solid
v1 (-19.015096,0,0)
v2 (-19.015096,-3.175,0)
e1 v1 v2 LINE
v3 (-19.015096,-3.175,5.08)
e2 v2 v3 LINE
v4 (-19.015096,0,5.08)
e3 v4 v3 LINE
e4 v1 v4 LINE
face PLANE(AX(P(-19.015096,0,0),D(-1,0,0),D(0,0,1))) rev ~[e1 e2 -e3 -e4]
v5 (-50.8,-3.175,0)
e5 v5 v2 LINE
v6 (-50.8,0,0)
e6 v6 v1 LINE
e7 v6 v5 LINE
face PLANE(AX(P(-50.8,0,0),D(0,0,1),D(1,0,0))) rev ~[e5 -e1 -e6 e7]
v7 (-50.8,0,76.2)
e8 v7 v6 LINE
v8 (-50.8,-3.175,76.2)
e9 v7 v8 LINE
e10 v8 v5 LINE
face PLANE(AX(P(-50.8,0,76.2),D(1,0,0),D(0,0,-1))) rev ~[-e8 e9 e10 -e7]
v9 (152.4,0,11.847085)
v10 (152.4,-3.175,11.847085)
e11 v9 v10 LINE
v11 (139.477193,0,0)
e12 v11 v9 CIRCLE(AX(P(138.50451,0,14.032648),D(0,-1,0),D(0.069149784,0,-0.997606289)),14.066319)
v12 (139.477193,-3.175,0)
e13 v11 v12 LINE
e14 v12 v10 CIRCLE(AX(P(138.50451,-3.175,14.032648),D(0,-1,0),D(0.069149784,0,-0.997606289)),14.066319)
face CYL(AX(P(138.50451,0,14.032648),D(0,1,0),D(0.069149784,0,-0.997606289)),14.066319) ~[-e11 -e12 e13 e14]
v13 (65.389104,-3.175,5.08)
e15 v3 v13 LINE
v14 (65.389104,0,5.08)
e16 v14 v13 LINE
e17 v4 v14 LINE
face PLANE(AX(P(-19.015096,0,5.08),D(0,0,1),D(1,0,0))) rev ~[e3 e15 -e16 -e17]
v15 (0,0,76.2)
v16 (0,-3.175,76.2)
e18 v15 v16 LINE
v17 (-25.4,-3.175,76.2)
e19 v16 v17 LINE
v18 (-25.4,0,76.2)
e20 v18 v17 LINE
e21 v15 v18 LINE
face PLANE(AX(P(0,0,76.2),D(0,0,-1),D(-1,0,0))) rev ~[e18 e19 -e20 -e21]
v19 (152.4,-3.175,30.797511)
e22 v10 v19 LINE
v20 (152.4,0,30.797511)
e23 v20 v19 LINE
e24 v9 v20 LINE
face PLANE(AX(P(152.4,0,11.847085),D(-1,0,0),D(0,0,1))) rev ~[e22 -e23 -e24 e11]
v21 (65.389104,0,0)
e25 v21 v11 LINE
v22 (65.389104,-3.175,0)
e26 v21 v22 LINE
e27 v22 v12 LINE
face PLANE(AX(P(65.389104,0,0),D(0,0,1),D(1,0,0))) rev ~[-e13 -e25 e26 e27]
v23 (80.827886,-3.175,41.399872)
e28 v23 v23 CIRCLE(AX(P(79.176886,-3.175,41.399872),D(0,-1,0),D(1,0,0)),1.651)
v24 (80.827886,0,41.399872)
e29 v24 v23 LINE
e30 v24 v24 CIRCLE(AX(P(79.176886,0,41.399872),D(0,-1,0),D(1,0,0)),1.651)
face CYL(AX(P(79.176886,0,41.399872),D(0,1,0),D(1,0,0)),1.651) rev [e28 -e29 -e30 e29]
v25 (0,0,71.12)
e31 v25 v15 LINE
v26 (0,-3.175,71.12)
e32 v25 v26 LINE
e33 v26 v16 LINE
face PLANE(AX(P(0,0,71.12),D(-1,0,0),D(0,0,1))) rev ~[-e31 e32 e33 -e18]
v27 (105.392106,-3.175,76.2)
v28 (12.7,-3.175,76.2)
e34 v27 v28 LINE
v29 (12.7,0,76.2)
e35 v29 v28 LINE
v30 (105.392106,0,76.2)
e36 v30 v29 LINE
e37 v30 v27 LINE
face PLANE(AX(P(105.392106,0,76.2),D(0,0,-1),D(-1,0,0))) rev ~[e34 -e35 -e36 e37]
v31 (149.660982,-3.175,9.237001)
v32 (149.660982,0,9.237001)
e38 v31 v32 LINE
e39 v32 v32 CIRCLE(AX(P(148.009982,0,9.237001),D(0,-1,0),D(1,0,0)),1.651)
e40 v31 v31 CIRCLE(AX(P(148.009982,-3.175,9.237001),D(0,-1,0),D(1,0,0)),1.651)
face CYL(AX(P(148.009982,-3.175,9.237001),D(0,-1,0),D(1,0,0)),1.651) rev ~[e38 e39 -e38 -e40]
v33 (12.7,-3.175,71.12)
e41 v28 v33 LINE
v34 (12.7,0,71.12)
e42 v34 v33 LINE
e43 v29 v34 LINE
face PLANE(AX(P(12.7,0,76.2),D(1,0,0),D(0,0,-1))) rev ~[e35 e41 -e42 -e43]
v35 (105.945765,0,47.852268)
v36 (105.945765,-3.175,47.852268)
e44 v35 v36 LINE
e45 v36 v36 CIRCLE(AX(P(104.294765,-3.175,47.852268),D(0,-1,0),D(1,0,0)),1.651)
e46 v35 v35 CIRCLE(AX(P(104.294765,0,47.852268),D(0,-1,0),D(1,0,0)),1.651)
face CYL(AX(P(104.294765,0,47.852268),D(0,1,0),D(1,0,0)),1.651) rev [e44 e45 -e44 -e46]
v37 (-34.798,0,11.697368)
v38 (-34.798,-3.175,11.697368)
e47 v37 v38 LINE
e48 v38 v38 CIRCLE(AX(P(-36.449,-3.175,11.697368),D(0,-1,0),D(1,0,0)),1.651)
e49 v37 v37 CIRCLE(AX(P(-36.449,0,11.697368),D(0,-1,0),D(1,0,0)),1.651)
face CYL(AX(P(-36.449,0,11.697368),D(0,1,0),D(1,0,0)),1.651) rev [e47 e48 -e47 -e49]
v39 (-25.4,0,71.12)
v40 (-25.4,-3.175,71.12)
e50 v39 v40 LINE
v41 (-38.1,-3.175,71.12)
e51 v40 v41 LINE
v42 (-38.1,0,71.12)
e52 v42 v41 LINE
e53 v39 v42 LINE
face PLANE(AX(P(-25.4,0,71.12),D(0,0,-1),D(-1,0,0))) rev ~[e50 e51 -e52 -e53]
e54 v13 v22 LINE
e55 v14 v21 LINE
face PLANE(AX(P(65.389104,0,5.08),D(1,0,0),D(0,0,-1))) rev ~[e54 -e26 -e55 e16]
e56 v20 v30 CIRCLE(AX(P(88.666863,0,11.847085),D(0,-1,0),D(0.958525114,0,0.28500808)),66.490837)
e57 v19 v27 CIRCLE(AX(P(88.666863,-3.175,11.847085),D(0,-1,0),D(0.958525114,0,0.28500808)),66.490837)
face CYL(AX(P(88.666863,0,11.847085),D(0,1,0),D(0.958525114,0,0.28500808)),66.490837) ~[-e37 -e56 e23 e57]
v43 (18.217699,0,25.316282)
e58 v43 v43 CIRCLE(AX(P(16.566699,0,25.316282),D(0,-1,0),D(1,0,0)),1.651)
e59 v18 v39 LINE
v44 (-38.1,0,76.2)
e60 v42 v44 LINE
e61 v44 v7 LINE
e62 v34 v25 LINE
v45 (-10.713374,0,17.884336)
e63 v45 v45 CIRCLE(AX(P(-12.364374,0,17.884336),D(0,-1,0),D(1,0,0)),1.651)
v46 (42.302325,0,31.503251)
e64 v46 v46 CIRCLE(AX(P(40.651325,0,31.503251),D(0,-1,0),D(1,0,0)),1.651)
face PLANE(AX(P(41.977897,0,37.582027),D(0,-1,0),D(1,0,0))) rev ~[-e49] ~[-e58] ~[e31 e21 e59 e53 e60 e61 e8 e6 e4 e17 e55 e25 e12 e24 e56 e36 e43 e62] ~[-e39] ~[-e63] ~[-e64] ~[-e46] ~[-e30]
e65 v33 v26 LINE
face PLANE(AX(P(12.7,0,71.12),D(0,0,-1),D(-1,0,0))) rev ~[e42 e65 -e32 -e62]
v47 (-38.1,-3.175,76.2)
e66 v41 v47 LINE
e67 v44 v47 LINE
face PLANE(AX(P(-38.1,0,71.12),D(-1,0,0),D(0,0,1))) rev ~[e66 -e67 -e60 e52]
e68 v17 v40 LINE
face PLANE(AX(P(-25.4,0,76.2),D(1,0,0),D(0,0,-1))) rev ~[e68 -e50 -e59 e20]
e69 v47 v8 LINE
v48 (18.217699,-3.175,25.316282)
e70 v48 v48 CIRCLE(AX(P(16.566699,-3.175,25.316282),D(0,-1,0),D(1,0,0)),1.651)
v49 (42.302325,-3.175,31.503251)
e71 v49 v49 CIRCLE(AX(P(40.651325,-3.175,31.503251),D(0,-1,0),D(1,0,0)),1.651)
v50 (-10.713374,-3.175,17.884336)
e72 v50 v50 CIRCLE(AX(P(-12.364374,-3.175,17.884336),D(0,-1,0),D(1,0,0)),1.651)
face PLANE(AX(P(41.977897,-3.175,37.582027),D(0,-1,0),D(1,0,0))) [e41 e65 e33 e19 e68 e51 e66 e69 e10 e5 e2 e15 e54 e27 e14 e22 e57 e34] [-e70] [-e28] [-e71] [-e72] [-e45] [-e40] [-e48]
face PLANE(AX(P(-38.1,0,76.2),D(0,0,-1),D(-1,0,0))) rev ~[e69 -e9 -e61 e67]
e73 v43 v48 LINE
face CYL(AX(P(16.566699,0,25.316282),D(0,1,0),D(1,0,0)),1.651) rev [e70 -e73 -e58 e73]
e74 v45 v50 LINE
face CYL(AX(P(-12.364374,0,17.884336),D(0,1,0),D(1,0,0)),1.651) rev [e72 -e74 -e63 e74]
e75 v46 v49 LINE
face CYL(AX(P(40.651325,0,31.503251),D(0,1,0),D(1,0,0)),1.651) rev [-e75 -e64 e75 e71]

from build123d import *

# Parameters (mm, degrees)
F0_R     = 1.651
F1_DEPTH = 3.175
F2_R     = 1.651
F3_DEPTH = 25.4


with BuildPart() as f1:
    # F0 (on Front) → F1 (new body)
    with BuildSketch(Plane.XZ):
        with BuildLine():
            Line((65.389104, 5.08), (65.389104, 0))
            Line((65.389104, 0), (111.109104, 0))
            Line((111.109104, 0), (134.019904, 0))
            Line((134.019904, 0), (139.049104, 0))
            Line((139.049104, 0), (139.477193, 0))
            ThreePointArc((139.477193, 0), (148.009982, 3.664074), (152.4, 11.847085))
            Line((152.4, 11.847085), (152.4, 30.797511))
            ThreePointArc((152.4, 30.797511), (134.859224, 59.672781), (105.392106, 76.2))
            Line((105.392106, 76.2), (37.521991, 76.2))
            Line((37.521991, 76.2), (12.7, 76.2))
            Line((12.7, 76.2), (12.7, 71.12))
            Line((12.7, 71.12), (0, 71.12))
            Line((0, 71.12), (0, 76.2))
            Line((0, 76.2), (-25.4, 76.2))
            Line((-25.4, 76.2), (-25.4, 71.12))
            Line((-25.4, 71.12), (-38.1, 71.12))
            Line((-38.1, 71.12), (-38.1, 76.2))
            Line((-38.1, 76.2), (-50.8, 76.2))
            Line((-50.8, 76.2), (-50.8, 0))
            Line((-50.8, 0), (-19.015096, 0))
            Line((-19.015096, 0), (-19.015096, 5.08))
            Line((-19.015096, 5.08), (65.389104, 5.08))
        make_face()
        with Locations((-36.449, 11.697368)):
            Circle(F0_R, mode=Mode.SUBTRACT)
        with Locations((-12.364374, 17.884336)):
            Circle(F0_R, mode=Mode.SUBTRACT)
        with Locations((16.566699, 25.316282)):
            Circle(F0_R, mode=Mode.SUBTRACT)
        with Locations((40.651325, 31.503251)):
            Circle(F0_R, mode=Mode.SUBTRACT)
        with Locations((79.176886, 41.399872)):
            Circle(F0_R, mode=Mode.SUBTRACT)
        with Locations((104.294765, 47.852268)):
            Circle(F0_R, mode=Mode.SUBTRACT)
    extrude(amount=F1_DEPTH)

    # F2 (on face) → F3 (cut)
    with BuildSketch(Plane.XZ.offset(3.175)):
        with Locations((148.009982, 9.237001)):
            Circle(F2_R)
    extrude(amount=-F3_DEPTH, mode=Mode.SUBTRACT)


solid = f1.part
